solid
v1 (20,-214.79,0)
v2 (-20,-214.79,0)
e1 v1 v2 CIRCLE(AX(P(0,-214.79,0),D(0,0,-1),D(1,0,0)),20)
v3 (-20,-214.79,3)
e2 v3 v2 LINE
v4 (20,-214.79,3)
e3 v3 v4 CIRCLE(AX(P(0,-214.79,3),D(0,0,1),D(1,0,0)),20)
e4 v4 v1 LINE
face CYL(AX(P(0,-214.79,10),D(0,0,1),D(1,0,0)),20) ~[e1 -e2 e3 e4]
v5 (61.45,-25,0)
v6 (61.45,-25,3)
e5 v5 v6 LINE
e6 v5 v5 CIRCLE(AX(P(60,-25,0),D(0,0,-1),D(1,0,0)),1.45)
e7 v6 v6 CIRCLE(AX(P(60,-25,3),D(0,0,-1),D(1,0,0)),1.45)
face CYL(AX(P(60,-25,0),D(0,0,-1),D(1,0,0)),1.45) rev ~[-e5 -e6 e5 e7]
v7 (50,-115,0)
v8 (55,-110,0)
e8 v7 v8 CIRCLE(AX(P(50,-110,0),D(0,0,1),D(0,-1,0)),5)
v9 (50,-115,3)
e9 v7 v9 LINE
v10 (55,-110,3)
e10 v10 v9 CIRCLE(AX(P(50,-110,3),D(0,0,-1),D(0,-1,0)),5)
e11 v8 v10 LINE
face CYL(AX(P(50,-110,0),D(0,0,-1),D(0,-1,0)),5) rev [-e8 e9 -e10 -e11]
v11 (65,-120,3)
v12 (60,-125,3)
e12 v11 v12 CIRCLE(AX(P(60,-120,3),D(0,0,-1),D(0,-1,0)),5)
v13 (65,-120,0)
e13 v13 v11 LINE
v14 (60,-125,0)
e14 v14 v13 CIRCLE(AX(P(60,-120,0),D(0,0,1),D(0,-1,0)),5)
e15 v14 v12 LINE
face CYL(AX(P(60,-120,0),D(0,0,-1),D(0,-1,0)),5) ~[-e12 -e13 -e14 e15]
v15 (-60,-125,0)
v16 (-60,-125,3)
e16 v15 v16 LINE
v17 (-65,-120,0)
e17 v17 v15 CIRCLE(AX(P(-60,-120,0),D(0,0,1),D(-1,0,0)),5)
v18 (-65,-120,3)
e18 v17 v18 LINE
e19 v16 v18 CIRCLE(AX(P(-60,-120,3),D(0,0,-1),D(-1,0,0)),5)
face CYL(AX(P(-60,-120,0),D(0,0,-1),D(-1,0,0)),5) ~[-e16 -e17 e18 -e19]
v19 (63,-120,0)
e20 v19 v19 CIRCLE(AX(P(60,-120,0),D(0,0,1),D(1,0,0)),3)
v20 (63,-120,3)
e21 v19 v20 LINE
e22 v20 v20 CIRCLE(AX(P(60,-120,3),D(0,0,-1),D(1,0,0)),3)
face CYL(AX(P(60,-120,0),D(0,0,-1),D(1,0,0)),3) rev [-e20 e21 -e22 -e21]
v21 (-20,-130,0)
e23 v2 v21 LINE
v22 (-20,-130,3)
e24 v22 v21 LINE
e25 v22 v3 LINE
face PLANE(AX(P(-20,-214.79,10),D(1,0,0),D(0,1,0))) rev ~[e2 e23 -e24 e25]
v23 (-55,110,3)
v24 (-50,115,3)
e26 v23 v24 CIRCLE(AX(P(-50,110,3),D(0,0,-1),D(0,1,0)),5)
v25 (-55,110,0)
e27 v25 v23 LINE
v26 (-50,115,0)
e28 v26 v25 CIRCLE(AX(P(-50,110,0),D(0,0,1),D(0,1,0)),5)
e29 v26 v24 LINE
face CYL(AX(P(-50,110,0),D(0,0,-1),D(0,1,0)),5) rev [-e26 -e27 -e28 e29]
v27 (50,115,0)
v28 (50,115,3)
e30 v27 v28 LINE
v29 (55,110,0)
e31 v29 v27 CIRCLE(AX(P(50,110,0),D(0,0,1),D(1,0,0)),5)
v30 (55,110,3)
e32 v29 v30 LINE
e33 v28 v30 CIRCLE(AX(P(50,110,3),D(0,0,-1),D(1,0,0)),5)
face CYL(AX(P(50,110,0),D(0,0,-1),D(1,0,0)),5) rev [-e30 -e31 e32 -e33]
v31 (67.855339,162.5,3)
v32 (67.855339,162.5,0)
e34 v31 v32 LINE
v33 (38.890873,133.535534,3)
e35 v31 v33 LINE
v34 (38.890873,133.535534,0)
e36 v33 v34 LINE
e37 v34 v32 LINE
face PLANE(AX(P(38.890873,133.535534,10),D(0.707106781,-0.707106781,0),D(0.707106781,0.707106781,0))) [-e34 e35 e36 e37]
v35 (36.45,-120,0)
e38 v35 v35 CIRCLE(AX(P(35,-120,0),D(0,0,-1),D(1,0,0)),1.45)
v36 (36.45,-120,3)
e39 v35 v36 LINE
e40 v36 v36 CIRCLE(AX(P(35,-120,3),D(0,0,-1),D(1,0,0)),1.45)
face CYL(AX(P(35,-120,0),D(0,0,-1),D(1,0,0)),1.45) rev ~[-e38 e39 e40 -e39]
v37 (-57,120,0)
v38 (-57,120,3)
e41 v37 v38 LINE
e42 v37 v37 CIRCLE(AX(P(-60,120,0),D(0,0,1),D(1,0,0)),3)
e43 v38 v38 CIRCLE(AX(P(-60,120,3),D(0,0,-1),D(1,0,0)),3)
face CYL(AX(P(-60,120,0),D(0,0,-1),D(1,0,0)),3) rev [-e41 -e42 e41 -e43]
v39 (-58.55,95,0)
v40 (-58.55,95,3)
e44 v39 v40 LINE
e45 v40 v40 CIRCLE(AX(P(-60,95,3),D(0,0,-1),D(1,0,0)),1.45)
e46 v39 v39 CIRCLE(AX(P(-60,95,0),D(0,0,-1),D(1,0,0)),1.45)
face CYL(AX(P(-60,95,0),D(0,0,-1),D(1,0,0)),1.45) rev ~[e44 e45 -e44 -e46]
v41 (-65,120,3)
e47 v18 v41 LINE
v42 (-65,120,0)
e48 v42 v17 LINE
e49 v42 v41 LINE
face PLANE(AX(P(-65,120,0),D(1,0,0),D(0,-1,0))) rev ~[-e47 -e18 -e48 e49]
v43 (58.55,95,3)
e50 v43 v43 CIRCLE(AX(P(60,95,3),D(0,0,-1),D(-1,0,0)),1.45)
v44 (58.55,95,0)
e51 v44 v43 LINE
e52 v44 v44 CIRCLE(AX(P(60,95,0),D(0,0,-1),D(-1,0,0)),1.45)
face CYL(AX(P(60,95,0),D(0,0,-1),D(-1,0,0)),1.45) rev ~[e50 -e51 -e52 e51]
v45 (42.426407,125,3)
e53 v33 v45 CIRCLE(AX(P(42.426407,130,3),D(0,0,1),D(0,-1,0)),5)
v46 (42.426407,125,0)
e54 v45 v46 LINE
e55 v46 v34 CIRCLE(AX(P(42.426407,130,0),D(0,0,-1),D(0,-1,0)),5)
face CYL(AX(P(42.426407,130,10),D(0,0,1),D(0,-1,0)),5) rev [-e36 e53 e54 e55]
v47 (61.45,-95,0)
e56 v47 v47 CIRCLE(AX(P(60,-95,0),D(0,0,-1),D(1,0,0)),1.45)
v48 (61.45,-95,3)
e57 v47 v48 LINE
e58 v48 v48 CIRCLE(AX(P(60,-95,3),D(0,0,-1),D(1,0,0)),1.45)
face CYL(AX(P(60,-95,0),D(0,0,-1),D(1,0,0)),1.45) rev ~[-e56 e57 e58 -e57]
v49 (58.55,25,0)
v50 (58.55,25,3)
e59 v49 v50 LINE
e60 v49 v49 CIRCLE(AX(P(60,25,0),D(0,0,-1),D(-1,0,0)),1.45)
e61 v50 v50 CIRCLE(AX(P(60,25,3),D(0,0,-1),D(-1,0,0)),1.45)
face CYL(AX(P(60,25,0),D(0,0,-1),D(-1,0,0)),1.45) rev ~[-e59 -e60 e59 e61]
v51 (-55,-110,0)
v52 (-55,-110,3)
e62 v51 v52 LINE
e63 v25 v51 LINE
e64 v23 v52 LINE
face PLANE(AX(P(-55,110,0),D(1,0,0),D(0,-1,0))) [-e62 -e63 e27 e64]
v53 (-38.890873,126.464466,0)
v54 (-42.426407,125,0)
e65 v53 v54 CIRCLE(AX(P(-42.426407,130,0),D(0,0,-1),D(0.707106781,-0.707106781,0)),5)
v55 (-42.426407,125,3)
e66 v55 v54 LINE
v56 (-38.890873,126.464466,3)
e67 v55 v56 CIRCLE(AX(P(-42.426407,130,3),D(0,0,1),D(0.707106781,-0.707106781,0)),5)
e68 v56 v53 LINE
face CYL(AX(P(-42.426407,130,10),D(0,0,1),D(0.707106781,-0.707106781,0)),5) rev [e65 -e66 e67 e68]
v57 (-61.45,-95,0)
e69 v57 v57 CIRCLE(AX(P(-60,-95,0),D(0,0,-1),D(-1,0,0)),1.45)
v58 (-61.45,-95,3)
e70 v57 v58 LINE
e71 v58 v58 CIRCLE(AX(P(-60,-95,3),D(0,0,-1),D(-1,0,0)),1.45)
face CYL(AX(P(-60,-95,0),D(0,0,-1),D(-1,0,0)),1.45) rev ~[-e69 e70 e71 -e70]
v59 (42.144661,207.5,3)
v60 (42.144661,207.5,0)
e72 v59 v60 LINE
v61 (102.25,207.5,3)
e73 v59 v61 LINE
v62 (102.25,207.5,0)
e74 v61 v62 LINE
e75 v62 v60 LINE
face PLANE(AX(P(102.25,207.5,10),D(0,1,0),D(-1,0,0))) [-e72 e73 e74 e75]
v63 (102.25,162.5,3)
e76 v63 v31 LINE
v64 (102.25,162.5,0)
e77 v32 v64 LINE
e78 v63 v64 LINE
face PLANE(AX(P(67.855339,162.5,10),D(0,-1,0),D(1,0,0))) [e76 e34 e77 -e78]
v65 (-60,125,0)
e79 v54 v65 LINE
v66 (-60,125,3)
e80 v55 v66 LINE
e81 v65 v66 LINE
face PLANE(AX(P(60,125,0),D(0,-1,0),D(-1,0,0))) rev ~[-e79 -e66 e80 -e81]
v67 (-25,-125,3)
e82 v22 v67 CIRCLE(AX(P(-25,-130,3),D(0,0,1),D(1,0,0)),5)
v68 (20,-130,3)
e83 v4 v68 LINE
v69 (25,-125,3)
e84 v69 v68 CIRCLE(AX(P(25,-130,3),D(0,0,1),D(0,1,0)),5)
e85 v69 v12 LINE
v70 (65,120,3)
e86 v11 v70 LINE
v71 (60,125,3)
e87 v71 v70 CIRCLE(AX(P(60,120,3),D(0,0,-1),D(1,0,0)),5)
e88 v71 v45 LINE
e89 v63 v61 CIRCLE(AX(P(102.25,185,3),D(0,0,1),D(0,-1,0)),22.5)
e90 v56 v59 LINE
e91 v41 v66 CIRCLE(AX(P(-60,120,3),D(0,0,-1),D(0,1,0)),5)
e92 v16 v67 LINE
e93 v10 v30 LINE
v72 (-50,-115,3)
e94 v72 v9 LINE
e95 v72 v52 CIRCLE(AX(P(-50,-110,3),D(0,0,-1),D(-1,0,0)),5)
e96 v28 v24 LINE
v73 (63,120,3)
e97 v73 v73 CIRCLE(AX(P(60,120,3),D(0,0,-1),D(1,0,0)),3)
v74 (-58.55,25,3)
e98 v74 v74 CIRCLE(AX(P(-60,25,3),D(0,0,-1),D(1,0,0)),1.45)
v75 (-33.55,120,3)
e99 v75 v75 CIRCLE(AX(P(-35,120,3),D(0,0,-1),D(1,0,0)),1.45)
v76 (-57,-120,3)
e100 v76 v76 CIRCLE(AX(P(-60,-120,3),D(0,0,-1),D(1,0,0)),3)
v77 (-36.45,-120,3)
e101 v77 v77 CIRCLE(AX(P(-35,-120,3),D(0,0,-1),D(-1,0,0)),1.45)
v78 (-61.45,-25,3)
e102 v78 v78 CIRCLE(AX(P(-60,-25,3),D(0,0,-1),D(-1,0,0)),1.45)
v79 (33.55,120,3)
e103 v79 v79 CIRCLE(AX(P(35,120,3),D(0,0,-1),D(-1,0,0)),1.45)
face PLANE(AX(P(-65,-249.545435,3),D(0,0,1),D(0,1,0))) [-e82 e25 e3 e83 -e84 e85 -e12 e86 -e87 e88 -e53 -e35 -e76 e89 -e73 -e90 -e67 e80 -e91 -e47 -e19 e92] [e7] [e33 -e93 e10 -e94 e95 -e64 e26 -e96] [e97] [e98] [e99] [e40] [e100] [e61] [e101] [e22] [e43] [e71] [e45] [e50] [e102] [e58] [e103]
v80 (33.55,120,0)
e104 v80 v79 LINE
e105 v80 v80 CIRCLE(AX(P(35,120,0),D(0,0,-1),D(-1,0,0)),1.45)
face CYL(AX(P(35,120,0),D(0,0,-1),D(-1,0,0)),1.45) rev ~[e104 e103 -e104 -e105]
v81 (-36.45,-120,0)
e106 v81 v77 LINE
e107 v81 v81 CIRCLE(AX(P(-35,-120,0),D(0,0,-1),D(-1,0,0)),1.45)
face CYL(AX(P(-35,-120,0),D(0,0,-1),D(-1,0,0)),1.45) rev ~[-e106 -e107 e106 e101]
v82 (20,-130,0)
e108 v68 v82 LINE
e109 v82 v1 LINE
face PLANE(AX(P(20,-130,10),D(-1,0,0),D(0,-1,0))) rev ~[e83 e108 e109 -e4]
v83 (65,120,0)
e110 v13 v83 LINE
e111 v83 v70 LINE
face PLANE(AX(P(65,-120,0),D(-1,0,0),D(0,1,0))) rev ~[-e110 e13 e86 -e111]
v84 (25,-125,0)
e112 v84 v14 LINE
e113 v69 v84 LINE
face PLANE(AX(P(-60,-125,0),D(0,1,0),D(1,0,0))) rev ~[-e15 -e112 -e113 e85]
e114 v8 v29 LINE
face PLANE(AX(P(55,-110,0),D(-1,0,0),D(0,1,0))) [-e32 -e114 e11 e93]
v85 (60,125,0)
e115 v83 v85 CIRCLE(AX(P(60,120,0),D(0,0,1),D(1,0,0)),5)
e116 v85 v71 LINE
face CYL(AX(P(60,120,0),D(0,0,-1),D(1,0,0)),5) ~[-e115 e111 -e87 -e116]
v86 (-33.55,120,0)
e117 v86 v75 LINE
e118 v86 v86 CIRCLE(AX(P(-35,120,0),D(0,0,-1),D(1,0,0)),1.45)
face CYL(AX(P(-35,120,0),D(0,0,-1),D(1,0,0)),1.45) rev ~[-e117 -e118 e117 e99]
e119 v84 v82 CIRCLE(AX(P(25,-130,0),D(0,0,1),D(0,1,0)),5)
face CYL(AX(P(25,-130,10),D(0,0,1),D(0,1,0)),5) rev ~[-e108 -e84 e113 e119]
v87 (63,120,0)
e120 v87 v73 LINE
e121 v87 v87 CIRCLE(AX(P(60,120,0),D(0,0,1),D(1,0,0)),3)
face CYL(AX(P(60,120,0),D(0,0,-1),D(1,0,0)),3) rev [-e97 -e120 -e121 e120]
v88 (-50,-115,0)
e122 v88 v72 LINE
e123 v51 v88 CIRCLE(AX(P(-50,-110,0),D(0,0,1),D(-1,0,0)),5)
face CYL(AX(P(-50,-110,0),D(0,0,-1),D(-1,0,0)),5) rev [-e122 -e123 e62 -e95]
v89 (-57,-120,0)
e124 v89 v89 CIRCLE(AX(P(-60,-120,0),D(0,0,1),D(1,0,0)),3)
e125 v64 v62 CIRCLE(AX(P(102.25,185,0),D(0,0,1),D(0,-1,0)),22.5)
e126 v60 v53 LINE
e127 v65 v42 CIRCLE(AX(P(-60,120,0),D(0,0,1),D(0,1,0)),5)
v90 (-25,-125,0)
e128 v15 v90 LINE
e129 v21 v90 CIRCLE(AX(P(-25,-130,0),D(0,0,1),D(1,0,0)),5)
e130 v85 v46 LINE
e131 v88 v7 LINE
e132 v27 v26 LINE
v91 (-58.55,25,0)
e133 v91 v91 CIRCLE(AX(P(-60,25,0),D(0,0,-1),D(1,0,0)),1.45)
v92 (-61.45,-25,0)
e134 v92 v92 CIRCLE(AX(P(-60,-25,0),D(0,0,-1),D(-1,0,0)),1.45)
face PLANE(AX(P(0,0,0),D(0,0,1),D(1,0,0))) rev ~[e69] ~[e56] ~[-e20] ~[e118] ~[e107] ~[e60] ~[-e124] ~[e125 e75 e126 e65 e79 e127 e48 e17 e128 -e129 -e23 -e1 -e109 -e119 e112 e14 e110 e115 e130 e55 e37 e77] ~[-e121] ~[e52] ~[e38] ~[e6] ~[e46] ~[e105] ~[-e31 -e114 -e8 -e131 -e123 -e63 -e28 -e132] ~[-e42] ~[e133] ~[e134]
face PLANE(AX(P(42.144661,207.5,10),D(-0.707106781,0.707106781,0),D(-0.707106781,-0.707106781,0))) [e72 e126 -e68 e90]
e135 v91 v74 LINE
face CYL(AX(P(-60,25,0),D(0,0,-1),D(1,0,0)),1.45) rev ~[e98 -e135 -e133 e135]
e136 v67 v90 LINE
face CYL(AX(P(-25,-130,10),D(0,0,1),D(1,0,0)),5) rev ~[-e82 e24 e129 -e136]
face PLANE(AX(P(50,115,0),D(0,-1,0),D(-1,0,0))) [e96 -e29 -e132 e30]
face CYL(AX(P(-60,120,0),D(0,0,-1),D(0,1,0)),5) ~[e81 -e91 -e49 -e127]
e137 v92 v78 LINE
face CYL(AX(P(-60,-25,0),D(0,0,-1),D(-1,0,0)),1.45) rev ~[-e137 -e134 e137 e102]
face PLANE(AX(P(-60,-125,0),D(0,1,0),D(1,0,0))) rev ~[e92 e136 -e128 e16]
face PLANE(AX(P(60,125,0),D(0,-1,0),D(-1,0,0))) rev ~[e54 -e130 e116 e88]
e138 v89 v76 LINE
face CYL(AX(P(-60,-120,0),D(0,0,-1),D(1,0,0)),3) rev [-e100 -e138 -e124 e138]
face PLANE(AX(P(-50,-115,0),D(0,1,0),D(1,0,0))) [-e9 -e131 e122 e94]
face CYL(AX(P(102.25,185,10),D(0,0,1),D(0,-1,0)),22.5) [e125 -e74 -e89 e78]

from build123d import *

# Parameters (mm, degrees)
SKETCH1_R           = 3
BOSS_EXTRUDE1_DEPTH = 10
SKETCH2_R           = 1.45
CUT_EXTRUDE1_DEPTH  = 142.244468918
BOSS_EXTRUDE2_DEPTH = 10
BOSS_EXTRUDE3_DEPTH = 10
SKETCH8_W           = 62.731065403
SKETCH8_H           = 467.056503757
CUT_EXTRUDE5_DEPTH  = 303.045371757


with BuildPart() as part:
    # Sketch1 → Boss-Extrude1 (new body)
    with BuildSketch(Plane.XY):
        with BuildLine():
            Line((-60, -125), (60, -125))
            ThreePointArc((60, -125), (63.535533906, -123.535533906), (65, -120))
            Line((65, -120), (65, 120))
            ThreePointArc((65, 120), (63.535533906, 123.535533906), (60, 125))
            Line((60, 125), (-60, 125))
            ThreePointArc((-60, 125), (-63.535533906, 123.535533906), (-65, 120))
            Line((-65, 120), (-65, -120))
            ThreePointArc((-65, -120), (-63.535533906, -123.535533906), (-60, -125))
        make_face()
        with Locations((-60, 120)):
            Circle(SKETCH1_R, mode=Mode.SUBTRACT)
        with Locations((60, 120)):
            Circle(SKETCH1_R, mode=Mode.SUBTRACT)
        with Locations((-60, -120)):
            Circle(SKETCH1_R, mode=Mode.SUBTRACT)
        with Locations((60, -120)):
            Circle(SKETCH1_R, mode=Mode.SUBTRACT)
        with BuildLine():
            Line((-50, -115), (50, -115))
            ThreePointArc((50, -115), (53.535533906, -113.535533906), (55, -110))
            Line((55, -110), (55, 110))
            ThreePointArc((55, 110), (53.535533906, 113.535533906), (50, 115))
            Line((50, 115), (-50, 115))
            ThreePointArc((-50, 115), (-53.535533906, 113.535533906), (-55, 110))
            Line((-55, 110), (-55, -110))
            ThreePointArc((-55, -110), (-53.535533906, -113.535533906), (-50, -115))
        make_face(mode=Mode.SUBTRACT)
    extrude(amount=BOSS_EXTRUDE1_DEPTH)

    # Sketch2 → Cut-Extrude1 (cut, through all)
    with BuildSketch(Plane(origin=(0, 0, 0), x_dir=(-1, 0, 0), z_dir=(0, 0, -1))):
        with Locations((-35, 120)):
            Circle(SKETCH2_R)
        with Locations((-60, 95)):
            Circle(SKETCH2_R)
        with Locations((-60, 25)):
            Circle(SKETCH2_R)
        with Locations(Location((-60, -25, 0), (0, 0, 180))):
            Circle(SKETCH2_R)
        with Locations(Location((-60, -95, 0), (0, 0, 180))):
            Circle(SKETCH2_R)
        with Locations(Location((-35, -120, 0), (0, 0, 180))):
            Circle(SKETCH2_R)
        with Locations((35, -120)):
            Circle(SKETCH2_R)
        with Locations((60, -95)):
            Circle(SKETCH2_R)
        with Locations((60, -25)):
            Circle(SKETCH2_R)
        with Locations(Location((60, 25, 0), (0, 0, 180))):
            Circle(SKETCH2_R)
        with Locations(Location((60, 95, 0), (0, 0, 180))):
            Circle(SKETCH2_R)
        with Locations(Location((35, 120, 0), (0, 0, 180))):
            Circle(SKETCH2_R)
    extrude(amount=-CUT_EXTRUDE1_DEPTH, mode=Mode.SUBTRACT)

    # Sketch3 → Boss-Extrude2 (add, through all)
    with BuildSketch(Plane.XY.offset(10)):
        with BuildLine():
            Line((-20, -214.79), (-20, -130))
            ThreePointArc((-20, -130), (-21.464466094, -126.464466094), (-25, -125))
            Line((-25, -125), (25, -125))
            ThreePointArc((25, -125), (21.464466094, -126.464466094), (20, -130))
            Line((20, -130), (20, -214.79))
            ThreePointArc((20, -214.79), (0, -234.79), (-20, -214.79))
        make_face()
    extrude(amount=-BOSS_EXTRUDE2_DEPTH)

    # Sketch5 → Boss-Extrude3 (add)
    with BuildSketch(Plane.XY.offset(10)):
        with BuildLine():
            ThreePointArc((-38.890872965, 126.464466094), (-40.512989709, 125.380602337), (-42.426406871, 125))
            Line((-42.426406871, 125), (42.426406871, 125))
            ThreePointArc((42.426406871, 125), (37.807009209, 128.086582838), (38.890872965, 133.535533906))
            Line((38.890872965, 133.535533906), (67.855339059, 162.5))
            Line((67.855339059, 162.5), (102.25, 162.5))
            ThreePointArc((102.25, 162.5), (124.75, 185), (102.25, 207.5))
            Line((102.25, 207.5), (42.144660941, 207.5))
            Line((42.144660941, 207.5), (-38.890872965, 126.464466094))
        make_face()
    extrude(amount=-BOSS_EXTRUDE3_DEPTH)

    # Sketch8 → Cut-Extrude5 (cut, through all)
    with BuildSketch(Plane.ZY.offset(65)):
        with Locations((34.365532702, -16.017183146)):
            Rectangle(SKETCH8_W, SKETCH8_H)
    extrude(amount=-CUT_EXTRUDE5_DEPTH, mode=Mode.SUBTRACT)


solid = part.part
